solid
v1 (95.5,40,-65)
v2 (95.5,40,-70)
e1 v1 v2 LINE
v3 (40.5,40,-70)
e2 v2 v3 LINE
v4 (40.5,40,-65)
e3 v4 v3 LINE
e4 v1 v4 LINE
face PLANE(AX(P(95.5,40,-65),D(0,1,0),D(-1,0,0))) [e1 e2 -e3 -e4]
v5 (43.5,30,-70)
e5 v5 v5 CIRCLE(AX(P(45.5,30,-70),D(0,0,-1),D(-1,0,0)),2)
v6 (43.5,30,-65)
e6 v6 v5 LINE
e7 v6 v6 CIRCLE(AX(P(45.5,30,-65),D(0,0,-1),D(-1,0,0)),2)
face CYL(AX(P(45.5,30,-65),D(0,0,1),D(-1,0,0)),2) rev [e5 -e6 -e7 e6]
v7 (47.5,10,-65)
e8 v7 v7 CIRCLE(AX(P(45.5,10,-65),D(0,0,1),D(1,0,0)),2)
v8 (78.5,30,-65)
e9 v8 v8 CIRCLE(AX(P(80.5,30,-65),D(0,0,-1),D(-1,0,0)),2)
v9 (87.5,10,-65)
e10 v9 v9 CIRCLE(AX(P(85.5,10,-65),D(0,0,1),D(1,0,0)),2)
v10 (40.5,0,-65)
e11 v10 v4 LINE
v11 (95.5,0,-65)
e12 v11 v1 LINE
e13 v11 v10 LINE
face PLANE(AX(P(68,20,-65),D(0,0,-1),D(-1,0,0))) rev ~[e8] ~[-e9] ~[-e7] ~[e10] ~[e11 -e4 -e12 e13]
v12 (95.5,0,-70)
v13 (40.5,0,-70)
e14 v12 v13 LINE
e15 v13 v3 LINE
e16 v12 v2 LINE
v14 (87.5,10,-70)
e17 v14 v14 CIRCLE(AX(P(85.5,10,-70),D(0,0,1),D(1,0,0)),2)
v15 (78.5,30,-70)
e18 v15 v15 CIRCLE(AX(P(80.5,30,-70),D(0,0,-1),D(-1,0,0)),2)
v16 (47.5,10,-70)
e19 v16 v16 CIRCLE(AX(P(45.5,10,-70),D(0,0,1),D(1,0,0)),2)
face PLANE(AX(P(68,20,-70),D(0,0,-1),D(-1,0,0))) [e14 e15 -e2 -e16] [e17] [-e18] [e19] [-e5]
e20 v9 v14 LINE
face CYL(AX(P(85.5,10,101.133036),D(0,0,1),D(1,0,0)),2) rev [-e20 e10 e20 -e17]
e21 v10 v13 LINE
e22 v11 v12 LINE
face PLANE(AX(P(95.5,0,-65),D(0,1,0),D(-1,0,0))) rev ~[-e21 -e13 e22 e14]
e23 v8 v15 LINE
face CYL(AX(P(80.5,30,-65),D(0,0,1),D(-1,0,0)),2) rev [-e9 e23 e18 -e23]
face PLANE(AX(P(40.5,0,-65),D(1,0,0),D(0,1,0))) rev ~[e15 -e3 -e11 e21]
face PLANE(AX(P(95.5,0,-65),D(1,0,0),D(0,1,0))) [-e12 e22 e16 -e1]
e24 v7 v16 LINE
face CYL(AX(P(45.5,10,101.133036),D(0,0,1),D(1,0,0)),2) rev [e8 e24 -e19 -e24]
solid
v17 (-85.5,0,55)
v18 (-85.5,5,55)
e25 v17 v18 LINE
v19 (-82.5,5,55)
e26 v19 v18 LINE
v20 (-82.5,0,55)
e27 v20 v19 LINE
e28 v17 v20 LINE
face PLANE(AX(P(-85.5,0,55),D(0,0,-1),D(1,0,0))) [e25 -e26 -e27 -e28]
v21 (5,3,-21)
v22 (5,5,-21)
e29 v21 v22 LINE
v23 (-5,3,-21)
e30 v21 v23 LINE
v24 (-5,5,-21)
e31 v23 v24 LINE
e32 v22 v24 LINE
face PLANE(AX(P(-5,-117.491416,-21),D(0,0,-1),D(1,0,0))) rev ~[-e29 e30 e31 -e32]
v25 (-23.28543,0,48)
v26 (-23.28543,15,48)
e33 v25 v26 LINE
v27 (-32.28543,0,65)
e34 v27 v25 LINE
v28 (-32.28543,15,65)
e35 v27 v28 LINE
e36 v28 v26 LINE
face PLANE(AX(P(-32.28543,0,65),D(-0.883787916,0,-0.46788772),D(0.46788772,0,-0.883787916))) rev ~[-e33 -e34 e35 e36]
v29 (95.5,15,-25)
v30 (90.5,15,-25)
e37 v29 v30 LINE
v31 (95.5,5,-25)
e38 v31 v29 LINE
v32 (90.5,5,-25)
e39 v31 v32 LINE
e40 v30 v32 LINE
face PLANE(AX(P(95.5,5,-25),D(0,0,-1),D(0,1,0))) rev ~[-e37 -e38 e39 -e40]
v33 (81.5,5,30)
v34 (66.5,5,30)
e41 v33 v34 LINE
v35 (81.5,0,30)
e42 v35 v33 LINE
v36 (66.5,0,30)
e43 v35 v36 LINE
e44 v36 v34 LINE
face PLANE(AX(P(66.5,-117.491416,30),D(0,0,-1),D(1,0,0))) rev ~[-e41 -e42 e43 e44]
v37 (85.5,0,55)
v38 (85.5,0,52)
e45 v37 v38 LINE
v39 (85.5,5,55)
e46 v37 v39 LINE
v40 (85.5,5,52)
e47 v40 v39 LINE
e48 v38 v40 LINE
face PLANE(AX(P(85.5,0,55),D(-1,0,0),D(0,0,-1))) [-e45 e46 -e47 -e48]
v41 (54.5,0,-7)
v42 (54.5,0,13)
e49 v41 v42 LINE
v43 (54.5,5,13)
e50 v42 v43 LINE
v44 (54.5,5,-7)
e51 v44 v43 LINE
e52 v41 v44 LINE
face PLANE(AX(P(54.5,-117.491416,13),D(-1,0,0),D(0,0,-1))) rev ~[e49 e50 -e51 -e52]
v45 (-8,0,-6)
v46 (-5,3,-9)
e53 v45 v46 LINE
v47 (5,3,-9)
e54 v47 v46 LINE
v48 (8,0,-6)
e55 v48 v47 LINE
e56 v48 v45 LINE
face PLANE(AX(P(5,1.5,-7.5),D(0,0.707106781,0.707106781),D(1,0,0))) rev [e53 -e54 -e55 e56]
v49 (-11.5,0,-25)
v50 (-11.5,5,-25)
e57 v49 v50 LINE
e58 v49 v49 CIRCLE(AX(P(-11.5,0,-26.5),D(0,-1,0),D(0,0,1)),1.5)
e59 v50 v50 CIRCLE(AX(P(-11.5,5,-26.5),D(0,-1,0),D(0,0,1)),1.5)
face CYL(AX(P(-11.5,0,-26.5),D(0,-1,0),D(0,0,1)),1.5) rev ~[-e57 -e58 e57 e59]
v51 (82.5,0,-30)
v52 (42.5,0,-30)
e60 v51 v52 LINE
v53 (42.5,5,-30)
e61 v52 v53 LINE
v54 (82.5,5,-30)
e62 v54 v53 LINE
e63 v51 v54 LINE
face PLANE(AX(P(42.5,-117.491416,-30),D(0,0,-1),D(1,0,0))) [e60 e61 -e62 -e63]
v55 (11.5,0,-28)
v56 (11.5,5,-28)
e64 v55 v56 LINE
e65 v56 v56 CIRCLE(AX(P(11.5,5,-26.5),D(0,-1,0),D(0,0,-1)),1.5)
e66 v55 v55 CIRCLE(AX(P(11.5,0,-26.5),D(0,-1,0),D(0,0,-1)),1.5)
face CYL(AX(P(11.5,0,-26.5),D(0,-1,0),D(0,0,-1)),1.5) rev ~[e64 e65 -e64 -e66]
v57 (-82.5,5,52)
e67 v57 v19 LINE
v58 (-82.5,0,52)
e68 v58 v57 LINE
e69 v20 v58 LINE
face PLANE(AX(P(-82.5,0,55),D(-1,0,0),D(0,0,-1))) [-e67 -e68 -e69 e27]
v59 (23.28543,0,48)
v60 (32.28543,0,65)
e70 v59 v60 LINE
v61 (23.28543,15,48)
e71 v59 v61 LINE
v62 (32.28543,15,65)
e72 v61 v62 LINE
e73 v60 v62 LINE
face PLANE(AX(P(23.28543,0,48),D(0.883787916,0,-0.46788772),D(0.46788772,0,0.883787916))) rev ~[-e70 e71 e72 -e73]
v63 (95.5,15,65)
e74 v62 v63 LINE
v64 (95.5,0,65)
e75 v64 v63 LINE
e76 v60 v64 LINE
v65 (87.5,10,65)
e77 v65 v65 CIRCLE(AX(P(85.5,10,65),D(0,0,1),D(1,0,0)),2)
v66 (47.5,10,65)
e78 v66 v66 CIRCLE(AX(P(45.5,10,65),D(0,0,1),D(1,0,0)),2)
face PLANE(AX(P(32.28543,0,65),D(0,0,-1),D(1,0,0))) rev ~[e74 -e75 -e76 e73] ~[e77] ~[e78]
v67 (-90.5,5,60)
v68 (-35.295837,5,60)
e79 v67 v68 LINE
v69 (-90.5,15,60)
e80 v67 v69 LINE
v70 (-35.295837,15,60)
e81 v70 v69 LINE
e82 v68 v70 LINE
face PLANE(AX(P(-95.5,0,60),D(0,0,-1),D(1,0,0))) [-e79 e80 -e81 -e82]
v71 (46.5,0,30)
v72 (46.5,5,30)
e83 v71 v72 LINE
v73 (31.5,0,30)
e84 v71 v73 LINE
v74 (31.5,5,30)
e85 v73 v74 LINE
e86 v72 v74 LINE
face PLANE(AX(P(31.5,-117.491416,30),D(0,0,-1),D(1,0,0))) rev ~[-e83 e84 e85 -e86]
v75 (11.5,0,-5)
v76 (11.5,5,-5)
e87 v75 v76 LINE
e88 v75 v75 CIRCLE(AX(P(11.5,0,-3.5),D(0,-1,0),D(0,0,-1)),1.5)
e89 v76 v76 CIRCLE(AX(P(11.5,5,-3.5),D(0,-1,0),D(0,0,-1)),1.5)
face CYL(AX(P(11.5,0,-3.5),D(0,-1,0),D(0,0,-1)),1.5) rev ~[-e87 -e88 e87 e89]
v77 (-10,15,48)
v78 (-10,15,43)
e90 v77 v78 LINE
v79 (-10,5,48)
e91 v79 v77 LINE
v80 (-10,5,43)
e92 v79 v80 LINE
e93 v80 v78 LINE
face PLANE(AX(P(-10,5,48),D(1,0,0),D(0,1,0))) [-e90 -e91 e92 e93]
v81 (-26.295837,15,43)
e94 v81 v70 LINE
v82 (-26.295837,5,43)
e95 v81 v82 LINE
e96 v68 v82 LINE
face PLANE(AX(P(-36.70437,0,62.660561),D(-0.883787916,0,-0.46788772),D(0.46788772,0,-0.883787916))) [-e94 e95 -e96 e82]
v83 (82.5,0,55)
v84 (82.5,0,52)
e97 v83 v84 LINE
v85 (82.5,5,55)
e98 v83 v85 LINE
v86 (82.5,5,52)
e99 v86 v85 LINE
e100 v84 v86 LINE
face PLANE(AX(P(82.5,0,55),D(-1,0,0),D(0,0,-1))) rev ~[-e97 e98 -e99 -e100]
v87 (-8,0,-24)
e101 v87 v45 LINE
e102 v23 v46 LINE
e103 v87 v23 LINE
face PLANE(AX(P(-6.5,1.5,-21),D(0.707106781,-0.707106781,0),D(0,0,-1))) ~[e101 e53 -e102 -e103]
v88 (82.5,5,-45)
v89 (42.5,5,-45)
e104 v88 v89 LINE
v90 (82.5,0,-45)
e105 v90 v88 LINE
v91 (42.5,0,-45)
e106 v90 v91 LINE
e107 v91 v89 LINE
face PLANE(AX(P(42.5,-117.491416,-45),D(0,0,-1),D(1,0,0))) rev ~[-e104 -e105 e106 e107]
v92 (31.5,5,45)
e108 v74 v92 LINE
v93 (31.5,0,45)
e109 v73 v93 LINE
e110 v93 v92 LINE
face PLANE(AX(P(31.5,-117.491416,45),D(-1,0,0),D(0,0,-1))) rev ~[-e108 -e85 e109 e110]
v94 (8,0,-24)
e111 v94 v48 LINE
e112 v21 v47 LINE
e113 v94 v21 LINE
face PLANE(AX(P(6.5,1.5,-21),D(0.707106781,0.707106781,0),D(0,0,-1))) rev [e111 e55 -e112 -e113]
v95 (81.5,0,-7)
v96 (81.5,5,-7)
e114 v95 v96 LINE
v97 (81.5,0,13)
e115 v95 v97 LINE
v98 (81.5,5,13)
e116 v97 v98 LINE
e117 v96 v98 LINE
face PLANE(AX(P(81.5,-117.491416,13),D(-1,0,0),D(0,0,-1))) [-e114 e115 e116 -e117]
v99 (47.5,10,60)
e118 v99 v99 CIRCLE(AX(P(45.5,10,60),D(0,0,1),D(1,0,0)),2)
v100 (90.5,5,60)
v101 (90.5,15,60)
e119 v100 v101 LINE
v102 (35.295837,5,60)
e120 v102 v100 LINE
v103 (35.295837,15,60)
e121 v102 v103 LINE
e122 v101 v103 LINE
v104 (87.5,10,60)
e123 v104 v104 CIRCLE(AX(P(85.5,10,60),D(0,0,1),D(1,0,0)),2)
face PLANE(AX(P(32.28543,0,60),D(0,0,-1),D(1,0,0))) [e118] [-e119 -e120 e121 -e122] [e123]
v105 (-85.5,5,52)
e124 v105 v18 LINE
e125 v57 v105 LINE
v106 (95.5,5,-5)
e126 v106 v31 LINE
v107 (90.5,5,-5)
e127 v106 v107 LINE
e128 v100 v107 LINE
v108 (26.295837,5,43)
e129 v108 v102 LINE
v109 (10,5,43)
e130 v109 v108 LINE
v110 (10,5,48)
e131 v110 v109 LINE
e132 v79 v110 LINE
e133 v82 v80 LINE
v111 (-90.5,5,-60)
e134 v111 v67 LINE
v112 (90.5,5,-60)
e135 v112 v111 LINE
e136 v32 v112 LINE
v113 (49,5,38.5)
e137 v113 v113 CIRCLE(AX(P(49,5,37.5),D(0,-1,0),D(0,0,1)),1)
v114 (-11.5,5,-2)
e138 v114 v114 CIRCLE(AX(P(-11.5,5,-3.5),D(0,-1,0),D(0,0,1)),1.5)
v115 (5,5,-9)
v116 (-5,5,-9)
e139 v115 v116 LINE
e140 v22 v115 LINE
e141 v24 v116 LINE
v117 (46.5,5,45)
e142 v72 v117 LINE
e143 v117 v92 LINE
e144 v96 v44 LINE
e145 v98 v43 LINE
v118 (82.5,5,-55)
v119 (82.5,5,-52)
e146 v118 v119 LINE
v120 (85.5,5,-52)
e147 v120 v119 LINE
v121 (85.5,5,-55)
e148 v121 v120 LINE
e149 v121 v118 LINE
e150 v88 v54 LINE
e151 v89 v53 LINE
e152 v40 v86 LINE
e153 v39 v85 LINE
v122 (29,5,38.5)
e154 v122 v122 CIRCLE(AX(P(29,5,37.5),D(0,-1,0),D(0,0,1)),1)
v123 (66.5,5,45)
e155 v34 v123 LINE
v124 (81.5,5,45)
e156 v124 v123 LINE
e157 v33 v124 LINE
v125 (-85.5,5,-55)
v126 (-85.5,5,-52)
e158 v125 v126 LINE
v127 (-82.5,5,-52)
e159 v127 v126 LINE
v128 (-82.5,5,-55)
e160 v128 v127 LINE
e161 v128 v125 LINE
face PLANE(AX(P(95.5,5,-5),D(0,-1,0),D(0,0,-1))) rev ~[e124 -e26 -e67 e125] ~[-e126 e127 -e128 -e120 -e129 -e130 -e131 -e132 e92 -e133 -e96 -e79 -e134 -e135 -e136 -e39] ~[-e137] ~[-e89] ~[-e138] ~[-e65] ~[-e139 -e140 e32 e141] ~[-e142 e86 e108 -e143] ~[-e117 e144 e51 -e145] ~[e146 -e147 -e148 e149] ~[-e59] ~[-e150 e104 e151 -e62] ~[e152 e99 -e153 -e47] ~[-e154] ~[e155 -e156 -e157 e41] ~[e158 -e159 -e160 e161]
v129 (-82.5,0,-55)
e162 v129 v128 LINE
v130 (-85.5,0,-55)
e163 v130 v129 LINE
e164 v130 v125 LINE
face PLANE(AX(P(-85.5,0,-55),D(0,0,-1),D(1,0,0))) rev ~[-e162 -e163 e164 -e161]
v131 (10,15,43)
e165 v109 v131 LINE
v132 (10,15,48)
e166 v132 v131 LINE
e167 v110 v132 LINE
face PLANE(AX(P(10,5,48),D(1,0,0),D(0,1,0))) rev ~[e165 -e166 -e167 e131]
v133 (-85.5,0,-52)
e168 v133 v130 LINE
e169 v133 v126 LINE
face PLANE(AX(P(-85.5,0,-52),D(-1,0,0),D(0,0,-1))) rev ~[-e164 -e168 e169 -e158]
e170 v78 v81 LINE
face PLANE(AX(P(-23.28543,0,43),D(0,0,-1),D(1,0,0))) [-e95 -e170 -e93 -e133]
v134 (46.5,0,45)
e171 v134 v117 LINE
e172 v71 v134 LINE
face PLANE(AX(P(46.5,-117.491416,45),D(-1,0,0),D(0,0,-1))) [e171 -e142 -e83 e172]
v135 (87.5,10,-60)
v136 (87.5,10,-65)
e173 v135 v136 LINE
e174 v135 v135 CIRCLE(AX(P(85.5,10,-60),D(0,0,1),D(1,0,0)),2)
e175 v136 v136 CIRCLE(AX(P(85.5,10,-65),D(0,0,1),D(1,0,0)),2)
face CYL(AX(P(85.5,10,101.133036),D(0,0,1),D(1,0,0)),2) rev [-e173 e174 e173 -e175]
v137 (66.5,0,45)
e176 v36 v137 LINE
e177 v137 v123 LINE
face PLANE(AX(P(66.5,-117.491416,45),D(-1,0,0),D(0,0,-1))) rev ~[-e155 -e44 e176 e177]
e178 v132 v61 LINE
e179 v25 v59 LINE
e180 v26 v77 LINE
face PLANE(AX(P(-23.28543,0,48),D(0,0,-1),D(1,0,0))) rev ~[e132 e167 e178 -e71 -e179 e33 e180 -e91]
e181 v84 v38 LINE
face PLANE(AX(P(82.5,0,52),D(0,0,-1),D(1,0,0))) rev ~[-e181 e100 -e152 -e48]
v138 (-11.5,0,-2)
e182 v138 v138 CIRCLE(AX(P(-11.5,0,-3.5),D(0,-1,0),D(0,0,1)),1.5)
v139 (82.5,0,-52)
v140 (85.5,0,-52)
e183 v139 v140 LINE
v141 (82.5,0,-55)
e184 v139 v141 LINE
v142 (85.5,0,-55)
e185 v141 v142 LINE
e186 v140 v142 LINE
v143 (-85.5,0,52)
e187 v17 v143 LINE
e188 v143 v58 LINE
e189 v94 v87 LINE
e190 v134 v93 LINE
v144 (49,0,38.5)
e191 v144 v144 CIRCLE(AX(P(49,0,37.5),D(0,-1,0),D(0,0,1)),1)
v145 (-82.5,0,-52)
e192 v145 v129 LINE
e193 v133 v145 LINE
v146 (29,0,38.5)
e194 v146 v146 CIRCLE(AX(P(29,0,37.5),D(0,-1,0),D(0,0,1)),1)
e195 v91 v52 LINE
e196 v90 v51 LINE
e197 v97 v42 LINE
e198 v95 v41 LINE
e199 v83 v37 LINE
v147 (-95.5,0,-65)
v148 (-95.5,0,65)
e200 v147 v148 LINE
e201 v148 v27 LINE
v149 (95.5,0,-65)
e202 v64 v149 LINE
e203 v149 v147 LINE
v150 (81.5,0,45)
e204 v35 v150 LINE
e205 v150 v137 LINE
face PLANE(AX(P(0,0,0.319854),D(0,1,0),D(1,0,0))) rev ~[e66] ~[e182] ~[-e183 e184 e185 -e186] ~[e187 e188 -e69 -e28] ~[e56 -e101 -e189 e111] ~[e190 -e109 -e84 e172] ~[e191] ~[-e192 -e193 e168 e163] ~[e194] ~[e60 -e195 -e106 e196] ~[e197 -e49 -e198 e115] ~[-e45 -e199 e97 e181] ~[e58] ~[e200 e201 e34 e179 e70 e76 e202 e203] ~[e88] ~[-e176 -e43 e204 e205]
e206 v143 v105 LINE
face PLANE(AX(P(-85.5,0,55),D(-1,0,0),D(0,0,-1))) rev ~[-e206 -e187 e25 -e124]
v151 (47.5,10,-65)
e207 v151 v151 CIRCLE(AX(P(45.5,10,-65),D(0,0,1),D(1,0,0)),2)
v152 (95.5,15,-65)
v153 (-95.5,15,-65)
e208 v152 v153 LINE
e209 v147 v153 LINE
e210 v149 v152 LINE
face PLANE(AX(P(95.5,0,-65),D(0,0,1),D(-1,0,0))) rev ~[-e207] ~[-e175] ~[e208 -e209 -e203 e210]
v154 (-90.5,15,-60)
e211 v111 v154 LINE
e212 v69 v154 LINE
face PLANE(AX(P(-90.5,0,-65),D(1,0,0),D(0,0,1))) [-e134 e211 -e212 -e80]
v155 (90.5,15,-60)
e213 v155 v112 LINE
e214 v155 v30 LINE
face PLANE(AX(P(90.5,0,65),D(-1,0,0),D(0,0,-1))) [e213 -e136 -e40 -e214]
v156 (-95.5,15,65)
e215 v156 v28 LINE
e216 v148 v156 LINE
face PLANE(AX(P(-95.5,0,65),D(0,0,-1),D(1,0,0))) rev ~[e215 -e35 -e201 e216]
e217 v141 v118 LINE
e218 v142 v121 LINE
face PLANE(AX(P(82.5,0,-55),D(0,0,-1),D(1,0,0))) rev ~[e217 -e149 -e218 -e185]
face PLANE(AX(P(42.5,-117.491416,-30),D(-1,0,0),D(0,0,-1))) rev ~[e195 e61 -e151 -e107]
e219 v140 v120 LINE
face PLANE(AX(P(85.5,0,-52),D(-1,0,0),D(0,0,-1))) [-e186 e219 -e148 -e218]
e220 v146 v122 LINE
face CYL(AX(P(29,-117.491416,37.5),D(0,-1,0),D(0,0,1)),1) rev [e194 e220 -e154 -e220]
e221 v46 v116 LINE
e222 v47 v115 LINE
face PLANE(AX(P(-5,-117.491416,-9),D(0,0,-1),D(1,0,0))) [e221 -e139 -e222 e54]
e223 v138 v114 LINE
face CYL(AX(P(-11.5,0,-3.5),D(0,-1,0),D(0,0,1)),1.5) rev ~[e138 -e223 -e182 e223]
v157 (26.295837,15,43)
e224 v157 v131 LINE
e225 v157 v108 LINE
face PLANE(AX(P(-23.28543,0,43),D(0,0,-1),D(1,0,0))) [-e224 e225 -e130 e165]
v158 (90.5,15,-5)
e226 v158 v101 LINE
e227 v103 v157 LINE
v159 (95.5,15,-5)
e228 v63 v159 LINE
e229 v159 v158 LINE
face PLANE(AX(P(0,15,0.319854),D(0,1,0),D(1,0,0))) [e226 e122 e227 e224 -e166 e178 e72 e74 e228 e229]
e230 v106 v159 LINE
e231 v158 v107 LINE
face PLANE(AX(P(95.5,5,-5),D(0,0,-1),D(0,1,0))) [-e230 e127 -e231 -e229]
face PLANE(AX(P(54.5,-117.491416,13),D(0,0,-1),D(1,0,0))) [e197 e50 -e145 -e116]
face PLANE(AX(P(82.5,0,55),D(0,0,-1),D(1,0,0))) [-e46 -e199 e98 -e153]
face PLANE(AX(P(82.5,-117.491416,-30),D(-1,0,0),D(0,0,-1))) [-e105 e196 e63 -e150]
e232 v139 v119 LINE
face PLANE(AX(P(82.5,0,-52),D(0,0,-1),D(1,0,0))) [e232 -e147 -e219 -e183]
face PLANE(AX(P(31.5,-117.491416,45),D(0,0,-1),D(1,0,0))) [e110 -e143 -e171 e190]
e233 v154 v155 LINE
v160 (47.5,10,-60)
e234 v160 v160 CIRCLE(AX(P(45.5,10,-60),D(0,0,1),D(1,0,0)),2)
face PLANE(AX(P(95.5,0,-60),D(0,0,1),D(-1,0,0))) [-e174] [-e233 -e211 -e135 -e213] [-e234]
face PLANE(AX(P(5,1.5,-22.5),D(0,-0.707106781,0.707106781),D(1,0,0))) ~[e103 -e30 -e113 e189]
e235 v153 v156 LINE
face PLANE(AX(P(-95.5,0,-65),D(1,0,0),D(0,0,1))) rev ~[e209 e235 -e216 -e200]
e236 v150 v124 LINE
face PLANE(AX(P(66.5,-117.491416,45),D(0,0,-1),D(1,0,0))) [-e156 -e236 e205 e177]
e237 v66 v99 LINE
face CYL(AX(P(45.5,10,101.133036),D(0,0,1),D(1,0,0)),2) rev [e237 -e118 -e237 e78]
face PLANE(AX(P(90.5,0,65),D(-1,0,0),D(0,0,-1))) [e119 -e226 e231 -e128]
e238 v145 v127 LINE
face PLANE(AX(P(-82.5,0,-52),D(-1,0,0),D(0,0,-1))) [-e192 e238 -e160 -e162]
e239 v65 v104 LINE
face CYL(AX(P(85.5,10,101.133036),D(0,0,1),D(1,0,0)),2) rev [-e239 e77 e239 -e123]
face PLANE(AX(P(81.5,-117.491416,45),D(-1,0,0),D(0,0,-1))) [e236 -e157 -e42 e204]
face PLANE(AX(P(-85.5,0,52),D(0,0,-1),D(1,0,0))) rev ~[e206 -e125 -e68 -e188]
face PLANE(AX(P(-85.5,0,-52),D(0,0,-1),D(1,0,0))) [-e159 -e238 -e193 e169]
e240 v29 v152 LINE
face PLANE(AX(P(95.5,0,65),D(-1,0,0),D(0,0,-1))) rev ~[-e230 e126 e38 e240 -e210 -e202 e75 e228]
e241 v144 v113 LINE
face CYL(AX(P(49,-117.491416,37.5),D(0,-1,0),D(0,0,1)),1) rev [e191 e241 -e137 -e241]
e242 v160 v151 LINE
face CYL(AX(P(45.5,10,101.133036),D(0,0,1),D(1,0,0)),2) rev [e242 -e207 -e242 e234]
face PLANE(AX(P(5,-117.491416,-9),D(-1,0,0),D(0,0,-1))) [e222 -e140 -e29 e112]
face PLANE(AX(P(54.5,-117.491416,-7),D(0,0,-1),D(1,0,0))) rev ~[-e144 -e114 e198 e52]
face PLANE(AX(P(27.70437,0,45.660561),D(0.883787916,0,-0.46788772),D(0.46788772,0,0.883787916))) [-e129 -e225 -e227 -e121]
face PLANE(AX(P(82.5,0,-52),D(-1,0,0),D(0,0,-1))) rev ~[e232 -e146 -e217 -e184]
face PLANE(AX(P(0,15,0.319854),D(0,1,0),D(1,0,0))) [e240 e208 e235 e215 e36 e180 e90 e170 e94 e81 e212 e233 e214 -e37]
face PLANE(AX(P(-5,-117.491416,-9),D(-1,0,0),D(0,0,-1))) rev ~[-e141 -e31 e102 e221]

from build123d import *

# Parameters (mm, degrees)
BOSS_EXTRUDE2_DEPTH     = 15
SHELL1_T                = -5
CUT_EXTRUDE2_DEPTH      = 117.491415993
CUT_EXTRUDE2_DEPTH_BACK = 117.491415993
SKETCH4_R               = 1
SKETCH4_W               = 10
SKETCH4_H               = 12
SKETCH4_W_2             = 27
SKETCH4_H_2             = 20
SKETCH4_W_3             = 15
SKETCH4_H_3             = 15
SKETCH4_W_4             = 40
SKETCH5_W               = 3
SKETCH5_H               = 3
CUT_EXTRUDE4_DEPTH      = 117.491415993
SKETCH6_W               = 55
SKETCH6_H               = 40
SKETCH6_R               = 2
BOSS_EXTRUDE3_DEPTH     = 5
CUT_EXTRUDE5_DEPTH      = 171.133036181
CUT_EXTRUDE5_DEPTH_BACK = 171.133036181
SKETCH7_R               = 2
CHAMFER2_SIZE           = 3
SKETCH10_R              = 1.5
CUT_EXTRUDE6_DEPTH      = 5
SKETCH11_W              = 20
SKETCH11_H              = 10
CUT_EXTRUDE7_DEPTH      = 5
SKETCH12_W              = 20
SKETCH12_H              = 15
CUT_EXTRUDE8_DEPTH      = 6


with BuildPart() as part:
    # Sketch3 → Boss-Extrude2 (new body)
    with BuildSketch(Plane(origin=(0, 0, 0), x_dir=(1, 0, 0), z_dir=(0, 1, 0))):
        Polygon((95.5, 65), (-95.5, 65), (-95.5, -65), (-32.285430092, -65), (-23.285430092, -48), (23.285430092, -48), (32.285430092, -65), (95.5, -65), align=None)
    extrude(amount=BOSS_EXTRUDE2_DEPTH)

    # Shell1
    shell1_openings = [part.faces().sort_by_distance(p)[0] for p in [
        (0, 15, -2.252821678),
    ]]
    offset(amount=SHELL1_T, openings=shell1_openings, kind=Kind.INTERSECTION)

    # Sketch4 → Cut-Extrude2 (cut, two sides: drawn at the far end of the back side and taken through both)
    with BuildSketch(Plane(origin=(0, 0, 0), x_dir=(1, 0, 0), z_dir=(0, 1, 0)).offset(-CUT_EXTRUDE2_DEPTH_BACK)):
        with Locations((29, -37.5)):
            Circle(SKETCH4_R)
        with Locations((49, -37.5)):
            Circle(SKETCH4_R)
        with Locations((0, 15)):
            Rectangle(SKETCH4_W, SKETCH4_H)
        with Locations((68, -3)):
            Rectangle(SKETCH4_W_2, SKETCH4_H_2)
        with Locations((74, -37.5)):
            Rectangle(SKETCH4_W_3, SKETCH4_H_3)
        with Locations((39, -37.5)):
            Rectangle(SKETCH4_W_3, SKETCH4_H_3)
        with Locations((62.5, 37.5)):
            Rectangle(SKETCH4_W_4, SKETCH4_H_3)
    extrude(amount=CUT_EXTRUDE2_DEPTH + CUT_EXTRUDE2_DEPTH_BACK, mode=Mode.SUBTRACT)

    # Sketch5 → Cut-Extrude4 (cut, through all)
    with BuildSketch(Plane(origin=(0, 0, 0), x_dir=(1, 0, 0), z_dir=(0, 1, 0))):
        with Locations((-84, 53.5)):
            Rectangle(SKETCH5_W, SKETCH5_H)
        with Locations((84, 53.5)):
            Rectangle(SKETCH5_W, SKETCH5_H)
        with Locations((84, -53.5)):
            Rectangle(SKETCH5_W, SKETCH5_H)
        with Locations((-84, -53.5)):
            Rectangle(SKETCH5_W, SKETCH5_H)
    extrude(amount=CUT_EXTRUDE4_DEPTH, mode=Mode.SUBTRACT)


with BuildPart() as body_2:
    # Sketch6 → Boss-Extrude3 (new body)
    with BuildSketch(Plane(origin=(0, 0, -65), x_dir=(-1, 0, 0), z_dir=(0, 0, -1))):
        with Locations((-68, 20)):
            Rectangle(SKETCH6_W, SKETCH6_H)
        with Locations((-80.5, 30)):
            Circle(SKETCH6_R, mode=Mode.SUBTRACT)
        with Locations((-45.5, 30)):
            Circle(SKETCH6_R, mode=Mode.SUBTRACT)
    extrude(amount=BOSS_EXTRUDE3_DEPTH)


with BuildPart() as cut_extrude5_tool:
    # Sketch7 → Cut-Extrude5 (new, two sides: drawn at the far end of the back side and taken through both)
    with BuildSketch(Plane(origin=(0, 0, -70), x_dir=(-1, 0, 0), z_dir=(0, 0, -1)).offset(-CUT_EXTRUDE5_DEPTH_BACK)):
        with Locations((-85.5, 10)):
            Circle(SKETCH7_R)
        with Locations((-45.5, 10)):
            Circle(SKETCH7_R)
    extrude(amount=CUT_EXTRUDE5_DEPTH + CUT_EXTRUDE5_DEPTH_BACK)


with BuildPart() as part_1:
    add(part.part)

    # Cut-Extrude5: cut by cut_extrude5_tool
    add(cut_extrude5_tool.part, mode=Mode.SUBTRACT)

    # Chamfer2
    chamfer2_edges = [part_1.edges().sort_by_distance(p)[0] for p in [
        (0, 0, -21),
        (5, 0, -15),
        (0, 0, -9),
        (-5, 0, -15),
    ]]
    chamfer(chamfer2_edges, length=CHAMFER2_SIZE)

    # Sketch10 → Cut-Extrude6 (cut)
    with BuildSketch(Plane.XZ):
        with Locations((11.5, -3.5)):
            Circle(SKETCH10_R)
        with Locations((11.5, -26.5)):
            Circle(SKETCH10_R)
        with Locations((-11.5, -26.5)):
            Circle(SKETCH10_R)
        with Locations((-11.5, -3.5)):
            Circle(SKETCH10_R)
    extrude(amount=-CUT_EXTRUDE6_DEPTH, mode=Mode.SUBTRACT)

    # Sketch11 → Cut-Extrude7 (cut)
    with BuildSketch(Plane.XY.offset(48)):
        with Locations((0, 10)):
            Rectangle(SKETCH11_W, SKETCH11_H)
    extrude(amount=-CUT_EXTRUDE7_DEPTH, mode=Mode.SUBTRACT)

    # Sketch12 → Cut-Extrude8 (cut)
    with BuildSketch(Plane(origin=(95.5, 0, 0), x_dir=(0, 0, -1), z_dir=(1, 0, 0))):
        with Locations((15, 12.5)):
            Rectangle(SKETCH12_W, SKETCH12_H)
    extrude(amount=-CUT_EXTRUDE8_DEPTH, mode=Mode.SUBTRACT)


with BuildPart() as body_2_1:
    add(body_2.part)

    # Cut-Extrude5: cut by cut_extrude5_tool
    add(cut_extrude5_tool.part, mode=Mode.SUBTRACT)


solid = Compound([part_1.part, body_2_1.part])
